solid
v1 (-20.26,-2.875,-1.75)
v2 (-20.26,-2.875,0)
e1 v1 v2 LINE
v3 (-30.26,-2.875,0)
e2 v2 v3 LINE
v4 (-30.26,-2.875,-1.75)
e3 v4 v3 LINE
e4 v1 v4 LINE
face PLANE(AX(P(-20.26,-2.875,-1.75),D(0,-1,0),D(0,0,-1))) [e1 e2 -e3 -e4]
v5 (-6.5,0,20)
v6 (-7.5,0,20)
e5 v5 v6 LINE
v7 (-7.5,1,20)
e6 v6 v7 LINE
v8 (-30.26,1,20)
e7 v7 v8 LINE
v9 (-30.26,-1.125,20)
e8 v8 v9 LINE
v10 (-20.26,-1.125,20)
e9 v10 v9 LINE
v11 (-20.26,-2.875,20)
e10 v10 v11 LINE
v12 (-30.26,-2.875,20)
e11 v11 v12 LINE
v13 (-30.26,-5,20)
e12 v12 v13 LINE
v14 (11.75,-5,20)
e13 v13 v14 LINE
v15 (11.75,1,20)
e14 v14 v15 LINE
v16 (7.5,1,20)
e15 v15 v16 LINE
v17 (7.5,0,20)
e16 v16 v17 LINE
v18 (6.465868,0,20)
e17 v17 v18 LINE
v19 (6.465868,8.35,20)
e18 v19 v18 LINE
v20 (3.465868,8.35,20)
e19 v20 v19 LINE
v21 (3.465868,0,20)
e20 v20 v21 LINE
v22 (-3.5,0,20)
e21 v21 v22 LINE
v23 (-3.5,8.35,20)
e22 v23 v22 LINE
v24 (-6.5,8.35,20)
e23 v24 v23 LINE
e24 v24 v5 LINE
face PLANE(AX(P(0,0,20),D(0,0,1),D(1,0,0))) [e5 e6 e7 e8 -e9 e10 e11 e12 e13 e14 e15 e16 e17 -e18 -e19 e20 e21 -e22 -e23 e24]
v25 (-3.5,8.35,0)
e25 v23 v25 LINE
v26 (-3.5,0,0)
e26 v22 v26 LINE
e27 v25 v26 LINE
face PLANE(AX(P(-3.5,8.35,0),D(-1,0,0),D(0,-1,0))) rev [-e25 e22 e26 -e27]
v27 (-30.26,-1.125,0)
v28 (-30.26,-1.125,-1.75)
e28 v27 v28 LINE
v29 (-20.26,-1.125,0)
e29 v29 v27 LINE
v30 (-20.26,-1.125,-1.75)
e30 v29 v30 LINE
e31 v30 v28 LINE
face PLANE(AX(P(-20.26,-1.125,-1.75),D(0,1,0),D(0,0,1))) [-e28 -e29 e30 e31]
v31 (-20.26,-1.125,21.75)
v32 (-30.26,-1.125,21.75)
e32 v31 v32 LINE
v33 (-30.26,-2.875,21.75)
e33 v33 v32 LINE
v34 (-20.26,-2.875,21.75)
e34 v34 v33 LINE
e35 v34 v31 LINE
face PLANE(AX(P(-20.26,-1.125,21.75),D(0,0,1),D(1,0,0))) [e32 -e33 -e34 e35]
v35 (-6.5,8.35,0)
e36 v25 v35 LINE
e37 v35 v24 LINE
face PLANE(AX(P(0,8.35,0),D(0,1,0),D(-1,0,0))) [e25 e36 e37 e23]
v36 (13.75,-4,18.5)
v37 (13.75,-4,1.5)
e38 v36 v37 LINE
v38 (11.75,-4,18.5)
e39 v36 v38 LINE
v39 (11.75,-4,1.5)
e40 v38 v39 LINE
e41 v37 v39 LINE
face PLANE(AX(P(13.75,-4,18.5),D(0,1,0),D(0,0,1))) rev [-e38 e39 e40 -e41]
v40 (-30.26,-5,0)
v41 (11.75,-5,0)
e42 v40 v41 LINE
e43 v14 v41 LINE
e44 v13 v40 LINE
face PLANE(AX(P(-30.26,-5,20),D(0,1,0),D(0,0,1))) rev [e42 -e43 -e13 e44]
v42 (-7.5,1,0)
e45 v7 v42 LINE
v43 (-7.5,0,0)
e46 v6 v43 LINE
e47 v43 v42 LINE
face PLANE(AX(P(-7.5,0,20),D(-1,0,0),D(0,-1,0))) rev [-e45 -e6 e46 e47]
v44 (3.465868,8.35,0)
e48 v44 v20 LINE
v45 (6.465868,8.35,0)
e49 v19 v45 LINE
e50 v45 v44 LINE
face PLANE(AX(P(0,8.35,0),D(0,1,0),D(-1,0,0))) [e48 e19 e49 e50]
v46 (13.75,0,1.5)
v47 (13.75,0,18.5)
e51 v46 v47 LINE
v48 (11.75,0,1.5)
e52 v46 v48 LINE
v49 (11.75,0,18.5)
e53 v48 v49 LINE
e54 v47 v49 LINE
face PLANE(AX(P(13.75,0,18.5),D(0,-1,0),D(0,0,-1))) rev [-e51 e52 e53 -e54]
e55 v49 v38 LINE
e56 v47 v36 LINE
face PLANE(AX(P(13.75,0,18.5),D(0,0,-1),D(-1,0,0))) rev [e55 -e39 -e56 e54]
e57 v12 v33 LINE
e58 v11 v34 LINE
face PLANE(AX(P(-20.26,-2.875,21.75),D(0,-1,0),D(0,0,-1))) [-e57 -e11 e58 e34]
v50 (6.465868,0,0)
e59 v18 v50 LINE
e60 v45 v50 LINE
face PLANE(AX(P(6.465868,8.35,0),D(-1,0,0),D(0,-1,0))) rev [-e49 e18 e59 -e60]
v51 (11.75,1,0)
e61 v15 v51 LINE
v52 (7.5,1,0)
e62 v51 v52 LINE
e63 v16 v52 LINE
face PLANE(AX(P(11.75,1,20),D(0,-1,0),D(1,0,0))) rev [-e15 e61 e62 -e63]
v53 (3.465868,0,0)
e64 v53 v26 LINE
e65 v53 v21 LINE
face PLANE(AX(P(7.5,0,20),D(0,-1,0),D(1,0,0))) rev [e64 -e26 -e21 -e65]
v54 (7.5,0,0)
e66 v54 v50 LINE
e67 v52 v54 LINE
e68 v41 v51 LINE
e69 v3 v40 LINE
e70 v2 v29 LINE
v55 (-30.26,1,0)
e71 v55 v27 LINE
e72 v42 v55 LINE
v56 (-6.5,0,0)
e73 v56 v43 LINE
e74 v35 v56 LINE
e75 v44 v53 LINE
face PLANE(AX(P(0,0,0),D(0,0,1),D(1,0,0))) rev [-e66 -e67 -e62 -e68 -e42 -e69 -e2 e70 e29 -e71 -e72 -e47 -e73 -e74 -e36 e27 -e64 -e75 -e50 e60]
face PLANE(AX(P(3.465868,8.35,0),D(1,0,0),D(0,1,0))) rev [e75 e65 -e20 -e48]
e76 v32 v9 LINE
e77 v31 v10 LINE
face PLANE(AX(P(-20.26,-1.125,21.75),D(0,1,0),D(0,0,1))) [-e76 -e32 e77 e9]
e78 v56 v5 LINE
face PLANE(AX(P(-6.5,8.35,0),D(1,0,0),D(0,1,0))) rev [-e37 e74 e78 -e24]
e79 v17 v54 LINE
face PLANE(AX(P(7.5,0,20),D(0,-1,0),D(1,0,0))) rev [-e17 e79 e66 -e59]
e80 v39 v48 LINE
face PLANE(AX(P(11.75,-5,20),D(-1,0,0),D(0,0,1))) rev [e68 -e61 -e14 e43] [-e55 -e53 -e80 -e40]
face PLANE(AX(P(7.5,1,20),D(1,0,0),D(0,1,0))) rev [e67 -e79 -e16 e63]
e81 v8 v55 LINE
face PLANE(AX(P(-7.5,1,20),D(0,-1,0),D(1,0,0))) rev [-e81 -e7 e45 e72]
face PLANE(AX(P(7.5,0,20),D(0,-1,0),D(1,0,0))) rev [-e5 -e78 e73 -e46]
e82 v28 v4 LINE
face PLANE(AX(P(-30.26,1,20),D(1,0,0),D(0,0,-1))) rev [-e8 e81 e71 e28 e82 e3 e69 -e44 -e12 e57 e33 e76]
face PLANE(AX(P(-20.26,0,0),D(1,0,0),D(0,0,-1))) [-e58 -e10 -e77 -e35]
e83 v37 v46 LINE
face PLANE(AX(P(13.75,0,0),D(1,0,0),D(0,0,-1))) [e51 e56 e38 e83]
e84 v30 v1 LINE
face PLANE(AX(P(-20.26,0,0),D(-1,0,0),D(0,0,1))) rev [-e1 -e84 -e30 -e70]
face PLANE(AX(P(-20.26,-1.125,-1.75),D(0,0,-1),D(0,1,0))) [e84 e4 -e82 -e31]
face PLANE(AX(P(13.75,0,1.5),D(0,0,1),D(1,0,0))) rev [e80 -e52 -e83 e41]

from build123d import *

# Parameters (mm, degrees)
BOSS_EXTRUDE1_DEPTH = 20
SKETCH6_W           = 17
SKETCH6_H           = 4
BOSS_EXTRUDE3_DEPTH = 2
SKETCH7_W           = 3
SKETCH7_H           = 20
BOSS_EXTRUDE4_DEPTH = 8.35
SKETCH8_W           = 1.75
SKETCH8_H           = 1.75
BOSS_EXTRUDE5_DEPTH = 10


with BuildPart() as part:
    # Sketch2 → Boss-Extrude1 (new body)
    with BuildSketch(Plane.XY):
        Polygon((-7.5, 1), (-30.26, 1), (-30.26, -5), (11.75, -5), (11.75, 1), (7.5, 1), (7.5, 0), (-7.5, 0), align=None)
    extrude(amount=BOSS_EXTRUDE1_DEPTH)

    # Sketch6 → Boss-Extrude3 (add)
    with BuildSketch(Plane(origin=(11.75, 0, 0), x_dir=(0, 0, -1), z_dir=(1, 0, 0))):
        with Locations((-10, -2)):
            Rectangle(SKETCH6_W, SKETCH6_H)
    extrude(amount=BOSS_EXTRUDE3_DEPTH)

    # Sketch7 → Boss-Extrude4 (add)
    with BuildSketch(Plane(origin=(0, 0, 0), x_dir=(1, 0, 0), z_dir=(0, 1, 0))):
        with Locations((-5, -10)):
            Rectangle(SKETCH7_W, SKETCH7_H)
        with Locations((4.965868183, -10)):
            Rectangle(SKETCH7_W, SKETCH7_H)
    extrude(amount=BOSS_EXTRUDE4_DEPTH)

    # Sketch8 → Boss-Extrude5 (add)
    with BuildSketch(Plane.ZY.offset(30.26)):
        with Locations((-0.875, -2)):
            Rectangle(SKETCH8_W, SKETCH8_H)
        with Locations((20.875, -2)):
            Rectangle(SKETCH8_W, SKETCH8_H)
    extrude(amount=-BOSS_EXTRUDE5_DEPTH)


solid = part.part
